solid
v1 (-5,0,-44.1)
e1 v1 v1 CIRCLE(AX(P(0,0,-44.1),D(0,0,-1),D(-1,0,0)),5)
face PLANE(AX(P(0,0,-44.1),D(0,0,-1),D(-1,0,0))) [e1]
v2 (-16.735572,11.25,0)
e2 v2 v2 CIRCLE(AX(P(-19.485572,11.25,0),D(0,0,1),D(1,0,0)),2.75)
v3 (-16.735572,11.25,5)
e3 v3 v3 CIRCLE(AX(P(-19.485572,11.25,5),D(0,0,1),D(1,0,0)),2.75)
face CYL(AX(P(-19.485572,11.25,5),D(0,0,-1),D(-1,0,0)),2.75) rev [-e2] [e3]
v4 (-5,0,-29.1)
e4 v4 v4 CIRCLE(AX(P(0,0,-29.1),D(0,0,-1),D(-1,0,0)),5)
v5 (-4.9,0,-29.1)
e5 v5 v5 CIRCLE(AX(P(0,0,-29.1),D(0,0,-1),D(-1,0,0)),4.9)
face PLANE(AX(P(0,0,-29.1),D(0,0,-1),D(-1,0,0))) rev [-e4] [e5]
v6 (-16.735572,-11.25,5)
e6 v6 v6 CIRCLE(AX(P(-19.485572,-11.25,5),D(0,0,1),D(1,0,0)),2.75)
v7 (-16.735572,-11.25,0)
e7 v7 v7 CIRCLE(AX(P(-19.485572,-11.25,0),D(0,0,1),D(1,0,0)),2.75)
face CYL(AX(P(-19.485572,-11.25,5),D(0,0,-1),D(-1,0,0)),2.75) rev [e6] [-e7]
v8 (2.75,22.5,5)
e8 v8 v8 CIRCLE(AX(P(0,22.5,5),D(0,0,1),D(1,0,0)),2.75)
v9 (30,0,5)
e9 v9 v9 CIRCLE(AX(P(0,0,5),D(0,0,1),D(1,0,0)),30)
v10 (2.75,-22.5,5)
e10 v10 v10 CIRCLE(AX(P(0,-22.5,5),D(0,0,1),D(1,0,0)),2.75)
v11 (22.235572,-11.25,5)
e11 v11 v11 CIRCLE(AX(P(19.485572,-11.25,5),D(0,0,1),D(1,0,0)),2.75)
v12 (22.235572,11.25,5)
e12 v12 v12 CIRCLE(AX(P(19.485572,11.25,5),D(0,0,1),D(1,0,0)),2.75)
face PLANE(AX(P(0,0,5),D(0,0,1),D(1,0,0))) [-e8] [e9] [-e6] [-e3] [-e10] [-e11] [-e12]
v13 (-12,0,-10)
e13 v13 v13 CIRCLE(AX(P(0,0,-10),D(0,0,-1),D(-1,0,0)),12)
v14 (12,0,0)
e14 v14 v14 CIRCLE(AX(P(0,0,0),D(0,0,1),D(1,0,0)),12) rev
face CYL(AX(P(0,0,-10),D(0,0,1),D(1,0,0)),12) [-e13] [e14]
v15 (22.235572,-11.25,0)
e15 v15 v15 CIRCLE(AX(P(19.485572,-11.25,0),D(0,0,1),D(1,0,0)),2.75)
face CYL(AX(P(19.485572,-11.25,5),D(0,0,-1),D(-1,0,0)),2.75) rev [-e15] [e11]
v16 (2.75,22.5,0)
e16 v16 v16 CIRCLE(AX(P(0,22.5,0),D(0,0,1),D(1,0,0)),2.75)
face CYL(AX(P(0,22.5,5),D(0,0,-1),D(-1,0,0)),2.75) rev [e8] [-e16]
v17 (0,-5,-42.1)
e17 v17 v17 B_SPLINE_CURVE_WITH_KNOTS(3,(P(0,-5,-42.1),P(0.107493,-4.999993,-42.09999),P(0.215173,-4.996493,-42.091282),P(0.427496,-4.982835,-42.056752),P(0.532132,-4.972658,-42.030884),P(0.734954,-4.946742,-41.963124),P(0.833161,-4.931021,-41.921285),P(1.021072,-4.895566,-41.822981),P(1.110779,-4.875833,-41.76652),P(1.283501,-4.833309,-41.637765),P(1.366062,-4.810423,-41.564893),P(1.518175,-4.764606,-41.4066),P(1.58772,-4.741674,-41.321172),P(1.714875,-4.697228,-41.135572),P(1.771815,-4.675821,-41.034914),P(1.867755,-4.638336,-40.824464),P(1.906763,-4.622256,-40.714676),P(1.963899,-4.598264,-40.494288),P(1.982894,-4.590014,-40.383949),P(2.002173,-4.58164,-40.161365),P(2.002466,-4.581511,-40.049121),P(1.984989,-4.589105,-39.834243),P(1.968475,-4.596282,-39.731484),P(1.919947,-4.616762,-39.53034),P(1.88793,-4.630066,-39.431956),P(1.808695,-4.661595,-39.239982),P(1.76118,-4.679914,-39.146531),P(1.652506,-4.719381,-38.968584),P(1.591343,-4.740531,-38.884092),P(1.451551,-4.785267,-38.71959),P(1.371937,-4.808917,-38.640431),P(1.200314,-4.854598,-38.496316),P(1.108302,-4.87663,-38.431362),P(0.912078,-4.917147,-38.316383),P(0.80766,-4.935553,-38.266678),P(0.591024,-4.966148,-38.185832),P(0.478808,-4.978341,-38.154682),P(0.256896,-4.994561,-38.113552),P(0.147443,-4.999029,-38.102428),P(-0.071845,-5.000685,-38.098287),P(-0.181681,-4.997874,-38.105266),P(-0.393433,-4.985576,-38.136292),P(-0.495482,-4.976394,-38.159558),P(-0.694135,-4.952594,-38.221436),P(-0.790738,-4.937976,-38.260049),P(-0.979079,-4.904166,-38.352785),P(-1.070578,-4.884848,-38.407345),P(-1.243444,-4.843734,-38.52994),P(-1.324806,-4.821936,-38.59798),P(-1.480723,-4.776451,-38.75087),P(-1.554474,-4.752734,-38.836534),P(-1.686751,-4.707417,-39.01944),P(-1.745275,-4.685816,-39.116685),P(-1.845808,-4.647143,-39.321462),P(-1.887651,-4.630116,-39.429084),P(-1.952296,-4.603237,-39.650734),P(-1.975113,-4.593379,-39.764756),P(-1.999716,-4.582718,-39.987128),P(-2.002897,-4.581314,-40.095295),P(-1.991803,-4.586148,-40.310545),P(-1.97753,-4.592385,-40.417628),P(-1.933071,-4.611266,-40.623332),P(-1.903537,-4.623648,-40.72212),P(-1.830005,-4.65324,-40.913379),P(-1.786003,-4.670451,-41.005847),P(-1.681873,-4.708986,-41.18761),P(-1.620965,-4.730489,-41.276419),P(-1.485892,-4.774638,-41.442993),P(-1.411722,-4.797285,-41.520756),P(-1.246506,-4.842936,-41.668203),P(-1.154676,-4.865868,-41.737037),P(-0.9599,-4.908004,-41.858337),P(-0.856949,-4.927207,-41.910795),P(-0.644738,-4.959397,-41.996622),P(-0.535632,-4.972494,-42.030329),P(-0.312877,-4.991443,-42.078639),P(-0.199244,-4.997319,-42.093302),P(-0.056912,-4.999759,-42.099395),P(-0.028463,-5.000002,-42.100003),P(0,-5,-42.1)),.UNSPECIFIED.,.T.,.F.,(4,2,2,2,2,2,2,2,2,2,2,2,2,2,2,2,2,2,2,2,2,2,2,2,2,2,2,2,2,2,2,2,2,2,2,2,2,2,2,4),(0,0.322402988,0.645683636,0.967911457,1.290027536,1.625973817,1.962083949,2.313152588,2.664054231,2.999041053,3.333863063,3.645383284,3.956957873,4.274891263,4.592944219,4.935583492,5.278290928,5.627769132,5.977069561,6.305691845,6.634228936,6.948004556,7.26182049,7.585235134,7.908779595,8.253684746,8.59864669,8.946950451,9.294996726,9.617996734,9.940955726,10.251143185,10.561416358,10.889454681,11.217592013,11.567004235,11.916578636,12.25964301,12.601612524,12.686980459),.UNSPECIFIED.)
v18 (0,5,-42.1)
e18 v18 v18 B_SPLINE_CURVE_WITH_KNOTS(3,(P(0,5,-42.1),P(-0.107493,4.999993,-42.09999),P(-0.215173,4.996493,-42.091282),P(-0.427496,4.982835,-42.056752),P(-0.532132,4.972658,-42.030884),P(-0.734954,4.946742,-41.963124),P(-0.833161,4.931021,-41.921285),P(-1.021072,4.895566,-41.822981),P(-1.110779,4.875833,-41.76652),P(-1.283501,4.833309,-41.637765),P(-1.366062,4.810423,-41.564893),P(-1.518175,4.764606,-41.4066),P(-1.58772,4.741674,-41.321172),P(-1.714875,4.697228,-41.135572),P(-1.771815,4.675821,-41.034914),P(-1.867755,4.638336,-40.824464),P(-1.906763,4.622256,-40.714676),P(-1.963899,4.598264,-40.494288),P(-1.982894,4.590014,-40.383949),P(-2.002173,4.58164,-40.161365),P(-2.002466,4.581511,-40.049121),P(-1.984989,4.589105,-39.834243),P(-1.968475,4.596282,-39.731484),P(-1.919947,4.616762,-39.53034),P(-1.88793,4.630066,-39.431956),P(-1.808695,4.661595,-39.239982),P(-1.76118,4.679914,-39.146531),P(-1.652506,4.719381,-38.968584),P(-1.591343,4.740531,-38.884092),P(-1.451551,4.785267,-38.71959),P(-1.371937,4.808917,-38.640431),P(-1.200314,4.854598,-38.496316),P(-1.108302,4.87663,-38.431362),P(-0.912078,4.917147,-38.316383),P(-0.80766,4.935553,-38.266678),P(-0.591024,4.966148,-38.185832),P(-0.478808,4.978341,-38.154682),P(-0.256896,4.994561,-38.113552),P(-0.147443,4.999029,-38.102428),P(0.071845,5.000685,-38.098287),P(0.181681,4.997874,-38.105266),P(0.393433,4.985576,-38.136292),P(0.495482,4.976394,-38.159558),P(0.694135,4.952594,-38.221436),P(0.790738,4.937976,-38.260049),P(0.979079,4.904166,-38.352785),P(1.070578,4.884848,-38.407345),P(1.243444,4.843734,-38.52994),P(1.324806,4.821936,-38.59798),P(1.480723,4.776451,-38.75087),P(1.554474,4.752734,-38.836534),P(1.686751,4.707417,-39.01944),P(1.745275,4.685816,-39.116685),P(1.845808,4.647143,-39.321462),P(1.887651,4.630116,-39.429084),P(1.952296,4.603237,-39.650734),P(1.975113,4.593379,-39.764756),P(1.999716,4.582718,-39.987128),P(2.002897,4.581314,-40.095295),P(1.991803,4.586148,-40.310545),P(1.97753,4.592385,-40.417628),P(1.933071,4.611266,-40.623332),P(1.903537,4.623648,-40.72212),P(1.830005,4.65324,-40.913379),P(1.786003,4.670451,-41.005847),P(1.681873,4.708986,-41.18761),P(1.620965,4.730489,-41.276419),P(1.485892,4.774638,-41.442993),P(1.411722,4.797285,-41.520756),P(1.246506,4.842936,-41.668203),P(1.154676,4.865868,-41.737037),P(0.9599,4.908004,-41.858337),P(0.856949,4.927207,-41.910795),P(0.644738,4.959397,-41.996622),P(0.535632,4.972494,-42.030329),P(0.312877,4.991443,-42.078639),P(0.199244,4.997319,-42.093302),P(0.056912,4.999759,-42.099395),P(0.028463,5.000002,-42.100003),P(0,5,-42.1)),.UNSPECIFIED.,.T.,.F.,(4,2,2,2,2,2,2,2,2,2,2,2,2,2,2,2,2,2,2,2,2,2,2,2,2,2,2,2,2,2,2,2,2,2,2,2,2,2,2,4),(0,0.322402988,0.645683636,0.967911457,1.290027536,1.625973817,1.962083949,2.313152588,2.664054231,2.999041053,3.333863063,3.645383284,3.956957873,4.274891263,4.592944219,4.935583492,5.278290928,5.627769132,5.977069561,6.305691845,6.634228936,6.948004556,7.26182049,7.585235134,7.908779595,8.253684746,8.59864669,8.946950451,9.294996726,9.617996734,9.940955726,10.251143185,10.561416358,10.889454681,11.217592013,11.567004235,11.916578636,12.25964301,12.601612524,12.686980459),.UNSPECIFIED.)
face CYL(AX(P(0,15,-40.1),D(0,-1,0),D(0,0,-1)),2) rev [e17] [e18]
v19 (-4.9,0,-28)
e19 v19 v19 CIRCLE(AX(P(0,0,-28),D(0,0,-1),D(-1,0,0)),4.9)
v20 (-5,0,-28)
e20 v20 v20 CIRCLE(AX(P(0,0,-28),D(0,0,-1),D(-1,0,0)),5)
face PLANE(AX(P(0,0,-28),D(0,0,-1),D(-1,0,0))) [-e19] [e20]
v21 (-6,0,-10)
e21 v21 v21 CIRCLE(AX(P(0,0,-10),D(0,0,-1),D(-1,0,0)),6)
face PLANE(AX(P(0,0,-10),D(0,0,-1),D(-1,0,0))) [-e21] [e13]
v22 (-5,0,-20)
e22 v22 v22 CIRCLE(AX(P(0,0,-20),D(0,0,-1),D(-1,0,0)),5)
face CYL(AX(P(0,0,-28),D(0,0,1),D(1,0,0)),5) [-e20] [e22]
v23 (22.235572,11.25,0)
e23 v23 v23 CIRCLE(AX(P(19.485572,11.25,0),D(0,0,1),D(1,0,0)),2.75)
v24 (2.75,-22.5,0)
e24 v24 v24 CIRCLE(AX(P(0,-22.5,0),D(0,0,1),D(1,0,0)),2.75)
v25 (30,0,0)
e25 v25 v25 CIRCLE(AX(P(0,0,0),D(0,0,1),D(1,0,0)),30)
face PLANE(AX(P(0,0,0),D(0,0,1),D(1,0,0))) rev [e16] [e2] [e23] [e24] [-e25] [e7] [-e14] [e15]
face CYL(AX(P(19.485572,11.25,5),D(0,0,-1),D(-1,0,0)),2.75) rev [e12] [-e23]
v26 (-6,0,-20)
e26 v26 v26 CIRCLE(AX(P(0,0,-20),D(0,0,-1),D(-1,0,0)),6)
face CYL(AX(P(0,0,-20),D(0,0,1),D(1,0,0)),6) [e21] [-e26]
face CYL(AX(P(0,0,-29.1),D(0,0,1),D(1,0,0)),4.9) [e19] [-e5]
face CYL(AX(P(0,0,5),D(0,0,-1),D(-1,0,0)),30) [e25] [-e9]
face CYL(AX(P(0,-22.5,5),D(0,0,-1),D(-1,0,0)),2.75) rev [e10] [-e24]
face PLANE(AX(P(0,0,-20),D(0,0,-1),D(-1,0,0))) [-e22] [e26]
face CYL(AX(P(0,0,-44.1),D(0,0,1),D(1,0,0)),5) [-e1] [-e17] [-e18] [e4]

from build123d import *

# Parameters (mm, degrees)
SKETCH_1_R               = 30
SKETCH_1_R_2             = 2.75
EXTRUDE_1_DEPTH          = 5
SKETCH_2_R               = 12
EXTRUDE_2_DEPTH          = 10
SKETCH_3_R               = 6
EXTRUDE_3_DEPTH          = 10
SKETCH_4_R               = 5
EXTRUDE_4_DEPTH          = 8
SKETCH_5_R               = 4.9
EXTRUDE_5_DEPTH          = 1.1
SKETCH_6_R               = 5
EXTRUDE_6_DEPTH          = 15
CUT_EXTRUDE_1_DEPTH      = 15
CUT_EXTRUDE_1_DEPTH_BACK = 15
SKETCH_7_R               = 2


with BuildPart() as part:
    # 草图1 → 凸台-拉伸1 (new body)
    with BuildSketch(Plane.XY):
        Circle(SKETCH_1_R)
        with Locations((0, 22.5)):
            Circle(SKETCH_1_R_2, mode=Mode.SUBTRACT)
        with Locations((19.485571585, 11.25)):
            Circle(SKETCH_1_R_2, mode=Mode.SUBTRACT)
        with Locations((19.485571585, -11.25)):
            Circle(SKETCH_1_R_2, mode=Mode.SUBTRACT)
        with Locations((0, -22.5)):
            Circle(SKETCH_1_R_2, mode=Mode.SUBTRACT)
        with Locations((-19.485571585, -11.25)):
            Circle(SKETCH_1_R_2, mode=Mode.SUBTRACT)
        with Locations((-19.485571585, 11.25)):
            Circle(SKETCH_1_R_2, mode=Mode.SUBTRACT)
    extrude(amount=EXTRUDE_1_DEPTH)

    # 草图2 → 凸台-拉伸2 (add)
    with BuildSketch(Plane(origin=(0, 0, 0), x_dir=(-1, 0, 0), z_dir=(0, 0, -1))):
        Circle(SKETCH_2_R)
    extrude(amount=EXTRUDE_2_DEPTH)

    # 草图3 → 凸台-拉伸3 (add)
    with BuildSketch(Plane(origin=(0, 0, -10), x_dir=(-1, 0, 0), z_dir=(0, 0, -1))):
        Circle(SKETCH_3_R)
    extrude(amount=EXTRUDE_3_DEPTH)

    # 草图4 → 凸台-拉伸4 (add)
    with BuildSketch(Plane(origin=(0, 0, -20), x_dir=(-1, 0, 0), z_dir=(0, 0, -1))):
        Circle(SKETCH_4_R)
    extrude(amount=EXTRUDE_4_DEPTH)

    # 草图5 → 凸台-拉伸5 (add)
    with BuildSketch(Plane(origin=(0, 0, -28), x_dir=(-1, 0, 0), z_dir=(0, 0, -1))):
        Circle(SKETCH_5_R)
    extrude(amount=EXTRUDE_5_DEPTH)

    # 草图6 → 凸台-拉伸6 (add)
    with BuildSketch(Plane(origin=(0, 0, -29.1), x_dir=(-1, 0, 0), z_dir=(0, 0, -1))):
        Circle(SKETCH_6_R)
    extrude(amount=EXTRUDE_6_DEPTH)

    # 草图7 → 切除-拉伸1 (cut, two sides: drawn at the far end of the back side and taken through both)
    with BuildSketch(Plane(origin=(0, 0, 0), x_dir=(1, 0, 0), z_dir=(0, 1, 0)).offset(-CUT_EXTRUDE_1_DEPTH_BACK)):
        with Locations((0, 40.1)):
            Circle(SKETCH_7_R)
    extrude(amount=CUT_EXTRUDE_1_DEPTH + CUT_EXTRUDE_1_DEPTH_BACK, mode=Mode.SUBTRACT)


solid = part.part
